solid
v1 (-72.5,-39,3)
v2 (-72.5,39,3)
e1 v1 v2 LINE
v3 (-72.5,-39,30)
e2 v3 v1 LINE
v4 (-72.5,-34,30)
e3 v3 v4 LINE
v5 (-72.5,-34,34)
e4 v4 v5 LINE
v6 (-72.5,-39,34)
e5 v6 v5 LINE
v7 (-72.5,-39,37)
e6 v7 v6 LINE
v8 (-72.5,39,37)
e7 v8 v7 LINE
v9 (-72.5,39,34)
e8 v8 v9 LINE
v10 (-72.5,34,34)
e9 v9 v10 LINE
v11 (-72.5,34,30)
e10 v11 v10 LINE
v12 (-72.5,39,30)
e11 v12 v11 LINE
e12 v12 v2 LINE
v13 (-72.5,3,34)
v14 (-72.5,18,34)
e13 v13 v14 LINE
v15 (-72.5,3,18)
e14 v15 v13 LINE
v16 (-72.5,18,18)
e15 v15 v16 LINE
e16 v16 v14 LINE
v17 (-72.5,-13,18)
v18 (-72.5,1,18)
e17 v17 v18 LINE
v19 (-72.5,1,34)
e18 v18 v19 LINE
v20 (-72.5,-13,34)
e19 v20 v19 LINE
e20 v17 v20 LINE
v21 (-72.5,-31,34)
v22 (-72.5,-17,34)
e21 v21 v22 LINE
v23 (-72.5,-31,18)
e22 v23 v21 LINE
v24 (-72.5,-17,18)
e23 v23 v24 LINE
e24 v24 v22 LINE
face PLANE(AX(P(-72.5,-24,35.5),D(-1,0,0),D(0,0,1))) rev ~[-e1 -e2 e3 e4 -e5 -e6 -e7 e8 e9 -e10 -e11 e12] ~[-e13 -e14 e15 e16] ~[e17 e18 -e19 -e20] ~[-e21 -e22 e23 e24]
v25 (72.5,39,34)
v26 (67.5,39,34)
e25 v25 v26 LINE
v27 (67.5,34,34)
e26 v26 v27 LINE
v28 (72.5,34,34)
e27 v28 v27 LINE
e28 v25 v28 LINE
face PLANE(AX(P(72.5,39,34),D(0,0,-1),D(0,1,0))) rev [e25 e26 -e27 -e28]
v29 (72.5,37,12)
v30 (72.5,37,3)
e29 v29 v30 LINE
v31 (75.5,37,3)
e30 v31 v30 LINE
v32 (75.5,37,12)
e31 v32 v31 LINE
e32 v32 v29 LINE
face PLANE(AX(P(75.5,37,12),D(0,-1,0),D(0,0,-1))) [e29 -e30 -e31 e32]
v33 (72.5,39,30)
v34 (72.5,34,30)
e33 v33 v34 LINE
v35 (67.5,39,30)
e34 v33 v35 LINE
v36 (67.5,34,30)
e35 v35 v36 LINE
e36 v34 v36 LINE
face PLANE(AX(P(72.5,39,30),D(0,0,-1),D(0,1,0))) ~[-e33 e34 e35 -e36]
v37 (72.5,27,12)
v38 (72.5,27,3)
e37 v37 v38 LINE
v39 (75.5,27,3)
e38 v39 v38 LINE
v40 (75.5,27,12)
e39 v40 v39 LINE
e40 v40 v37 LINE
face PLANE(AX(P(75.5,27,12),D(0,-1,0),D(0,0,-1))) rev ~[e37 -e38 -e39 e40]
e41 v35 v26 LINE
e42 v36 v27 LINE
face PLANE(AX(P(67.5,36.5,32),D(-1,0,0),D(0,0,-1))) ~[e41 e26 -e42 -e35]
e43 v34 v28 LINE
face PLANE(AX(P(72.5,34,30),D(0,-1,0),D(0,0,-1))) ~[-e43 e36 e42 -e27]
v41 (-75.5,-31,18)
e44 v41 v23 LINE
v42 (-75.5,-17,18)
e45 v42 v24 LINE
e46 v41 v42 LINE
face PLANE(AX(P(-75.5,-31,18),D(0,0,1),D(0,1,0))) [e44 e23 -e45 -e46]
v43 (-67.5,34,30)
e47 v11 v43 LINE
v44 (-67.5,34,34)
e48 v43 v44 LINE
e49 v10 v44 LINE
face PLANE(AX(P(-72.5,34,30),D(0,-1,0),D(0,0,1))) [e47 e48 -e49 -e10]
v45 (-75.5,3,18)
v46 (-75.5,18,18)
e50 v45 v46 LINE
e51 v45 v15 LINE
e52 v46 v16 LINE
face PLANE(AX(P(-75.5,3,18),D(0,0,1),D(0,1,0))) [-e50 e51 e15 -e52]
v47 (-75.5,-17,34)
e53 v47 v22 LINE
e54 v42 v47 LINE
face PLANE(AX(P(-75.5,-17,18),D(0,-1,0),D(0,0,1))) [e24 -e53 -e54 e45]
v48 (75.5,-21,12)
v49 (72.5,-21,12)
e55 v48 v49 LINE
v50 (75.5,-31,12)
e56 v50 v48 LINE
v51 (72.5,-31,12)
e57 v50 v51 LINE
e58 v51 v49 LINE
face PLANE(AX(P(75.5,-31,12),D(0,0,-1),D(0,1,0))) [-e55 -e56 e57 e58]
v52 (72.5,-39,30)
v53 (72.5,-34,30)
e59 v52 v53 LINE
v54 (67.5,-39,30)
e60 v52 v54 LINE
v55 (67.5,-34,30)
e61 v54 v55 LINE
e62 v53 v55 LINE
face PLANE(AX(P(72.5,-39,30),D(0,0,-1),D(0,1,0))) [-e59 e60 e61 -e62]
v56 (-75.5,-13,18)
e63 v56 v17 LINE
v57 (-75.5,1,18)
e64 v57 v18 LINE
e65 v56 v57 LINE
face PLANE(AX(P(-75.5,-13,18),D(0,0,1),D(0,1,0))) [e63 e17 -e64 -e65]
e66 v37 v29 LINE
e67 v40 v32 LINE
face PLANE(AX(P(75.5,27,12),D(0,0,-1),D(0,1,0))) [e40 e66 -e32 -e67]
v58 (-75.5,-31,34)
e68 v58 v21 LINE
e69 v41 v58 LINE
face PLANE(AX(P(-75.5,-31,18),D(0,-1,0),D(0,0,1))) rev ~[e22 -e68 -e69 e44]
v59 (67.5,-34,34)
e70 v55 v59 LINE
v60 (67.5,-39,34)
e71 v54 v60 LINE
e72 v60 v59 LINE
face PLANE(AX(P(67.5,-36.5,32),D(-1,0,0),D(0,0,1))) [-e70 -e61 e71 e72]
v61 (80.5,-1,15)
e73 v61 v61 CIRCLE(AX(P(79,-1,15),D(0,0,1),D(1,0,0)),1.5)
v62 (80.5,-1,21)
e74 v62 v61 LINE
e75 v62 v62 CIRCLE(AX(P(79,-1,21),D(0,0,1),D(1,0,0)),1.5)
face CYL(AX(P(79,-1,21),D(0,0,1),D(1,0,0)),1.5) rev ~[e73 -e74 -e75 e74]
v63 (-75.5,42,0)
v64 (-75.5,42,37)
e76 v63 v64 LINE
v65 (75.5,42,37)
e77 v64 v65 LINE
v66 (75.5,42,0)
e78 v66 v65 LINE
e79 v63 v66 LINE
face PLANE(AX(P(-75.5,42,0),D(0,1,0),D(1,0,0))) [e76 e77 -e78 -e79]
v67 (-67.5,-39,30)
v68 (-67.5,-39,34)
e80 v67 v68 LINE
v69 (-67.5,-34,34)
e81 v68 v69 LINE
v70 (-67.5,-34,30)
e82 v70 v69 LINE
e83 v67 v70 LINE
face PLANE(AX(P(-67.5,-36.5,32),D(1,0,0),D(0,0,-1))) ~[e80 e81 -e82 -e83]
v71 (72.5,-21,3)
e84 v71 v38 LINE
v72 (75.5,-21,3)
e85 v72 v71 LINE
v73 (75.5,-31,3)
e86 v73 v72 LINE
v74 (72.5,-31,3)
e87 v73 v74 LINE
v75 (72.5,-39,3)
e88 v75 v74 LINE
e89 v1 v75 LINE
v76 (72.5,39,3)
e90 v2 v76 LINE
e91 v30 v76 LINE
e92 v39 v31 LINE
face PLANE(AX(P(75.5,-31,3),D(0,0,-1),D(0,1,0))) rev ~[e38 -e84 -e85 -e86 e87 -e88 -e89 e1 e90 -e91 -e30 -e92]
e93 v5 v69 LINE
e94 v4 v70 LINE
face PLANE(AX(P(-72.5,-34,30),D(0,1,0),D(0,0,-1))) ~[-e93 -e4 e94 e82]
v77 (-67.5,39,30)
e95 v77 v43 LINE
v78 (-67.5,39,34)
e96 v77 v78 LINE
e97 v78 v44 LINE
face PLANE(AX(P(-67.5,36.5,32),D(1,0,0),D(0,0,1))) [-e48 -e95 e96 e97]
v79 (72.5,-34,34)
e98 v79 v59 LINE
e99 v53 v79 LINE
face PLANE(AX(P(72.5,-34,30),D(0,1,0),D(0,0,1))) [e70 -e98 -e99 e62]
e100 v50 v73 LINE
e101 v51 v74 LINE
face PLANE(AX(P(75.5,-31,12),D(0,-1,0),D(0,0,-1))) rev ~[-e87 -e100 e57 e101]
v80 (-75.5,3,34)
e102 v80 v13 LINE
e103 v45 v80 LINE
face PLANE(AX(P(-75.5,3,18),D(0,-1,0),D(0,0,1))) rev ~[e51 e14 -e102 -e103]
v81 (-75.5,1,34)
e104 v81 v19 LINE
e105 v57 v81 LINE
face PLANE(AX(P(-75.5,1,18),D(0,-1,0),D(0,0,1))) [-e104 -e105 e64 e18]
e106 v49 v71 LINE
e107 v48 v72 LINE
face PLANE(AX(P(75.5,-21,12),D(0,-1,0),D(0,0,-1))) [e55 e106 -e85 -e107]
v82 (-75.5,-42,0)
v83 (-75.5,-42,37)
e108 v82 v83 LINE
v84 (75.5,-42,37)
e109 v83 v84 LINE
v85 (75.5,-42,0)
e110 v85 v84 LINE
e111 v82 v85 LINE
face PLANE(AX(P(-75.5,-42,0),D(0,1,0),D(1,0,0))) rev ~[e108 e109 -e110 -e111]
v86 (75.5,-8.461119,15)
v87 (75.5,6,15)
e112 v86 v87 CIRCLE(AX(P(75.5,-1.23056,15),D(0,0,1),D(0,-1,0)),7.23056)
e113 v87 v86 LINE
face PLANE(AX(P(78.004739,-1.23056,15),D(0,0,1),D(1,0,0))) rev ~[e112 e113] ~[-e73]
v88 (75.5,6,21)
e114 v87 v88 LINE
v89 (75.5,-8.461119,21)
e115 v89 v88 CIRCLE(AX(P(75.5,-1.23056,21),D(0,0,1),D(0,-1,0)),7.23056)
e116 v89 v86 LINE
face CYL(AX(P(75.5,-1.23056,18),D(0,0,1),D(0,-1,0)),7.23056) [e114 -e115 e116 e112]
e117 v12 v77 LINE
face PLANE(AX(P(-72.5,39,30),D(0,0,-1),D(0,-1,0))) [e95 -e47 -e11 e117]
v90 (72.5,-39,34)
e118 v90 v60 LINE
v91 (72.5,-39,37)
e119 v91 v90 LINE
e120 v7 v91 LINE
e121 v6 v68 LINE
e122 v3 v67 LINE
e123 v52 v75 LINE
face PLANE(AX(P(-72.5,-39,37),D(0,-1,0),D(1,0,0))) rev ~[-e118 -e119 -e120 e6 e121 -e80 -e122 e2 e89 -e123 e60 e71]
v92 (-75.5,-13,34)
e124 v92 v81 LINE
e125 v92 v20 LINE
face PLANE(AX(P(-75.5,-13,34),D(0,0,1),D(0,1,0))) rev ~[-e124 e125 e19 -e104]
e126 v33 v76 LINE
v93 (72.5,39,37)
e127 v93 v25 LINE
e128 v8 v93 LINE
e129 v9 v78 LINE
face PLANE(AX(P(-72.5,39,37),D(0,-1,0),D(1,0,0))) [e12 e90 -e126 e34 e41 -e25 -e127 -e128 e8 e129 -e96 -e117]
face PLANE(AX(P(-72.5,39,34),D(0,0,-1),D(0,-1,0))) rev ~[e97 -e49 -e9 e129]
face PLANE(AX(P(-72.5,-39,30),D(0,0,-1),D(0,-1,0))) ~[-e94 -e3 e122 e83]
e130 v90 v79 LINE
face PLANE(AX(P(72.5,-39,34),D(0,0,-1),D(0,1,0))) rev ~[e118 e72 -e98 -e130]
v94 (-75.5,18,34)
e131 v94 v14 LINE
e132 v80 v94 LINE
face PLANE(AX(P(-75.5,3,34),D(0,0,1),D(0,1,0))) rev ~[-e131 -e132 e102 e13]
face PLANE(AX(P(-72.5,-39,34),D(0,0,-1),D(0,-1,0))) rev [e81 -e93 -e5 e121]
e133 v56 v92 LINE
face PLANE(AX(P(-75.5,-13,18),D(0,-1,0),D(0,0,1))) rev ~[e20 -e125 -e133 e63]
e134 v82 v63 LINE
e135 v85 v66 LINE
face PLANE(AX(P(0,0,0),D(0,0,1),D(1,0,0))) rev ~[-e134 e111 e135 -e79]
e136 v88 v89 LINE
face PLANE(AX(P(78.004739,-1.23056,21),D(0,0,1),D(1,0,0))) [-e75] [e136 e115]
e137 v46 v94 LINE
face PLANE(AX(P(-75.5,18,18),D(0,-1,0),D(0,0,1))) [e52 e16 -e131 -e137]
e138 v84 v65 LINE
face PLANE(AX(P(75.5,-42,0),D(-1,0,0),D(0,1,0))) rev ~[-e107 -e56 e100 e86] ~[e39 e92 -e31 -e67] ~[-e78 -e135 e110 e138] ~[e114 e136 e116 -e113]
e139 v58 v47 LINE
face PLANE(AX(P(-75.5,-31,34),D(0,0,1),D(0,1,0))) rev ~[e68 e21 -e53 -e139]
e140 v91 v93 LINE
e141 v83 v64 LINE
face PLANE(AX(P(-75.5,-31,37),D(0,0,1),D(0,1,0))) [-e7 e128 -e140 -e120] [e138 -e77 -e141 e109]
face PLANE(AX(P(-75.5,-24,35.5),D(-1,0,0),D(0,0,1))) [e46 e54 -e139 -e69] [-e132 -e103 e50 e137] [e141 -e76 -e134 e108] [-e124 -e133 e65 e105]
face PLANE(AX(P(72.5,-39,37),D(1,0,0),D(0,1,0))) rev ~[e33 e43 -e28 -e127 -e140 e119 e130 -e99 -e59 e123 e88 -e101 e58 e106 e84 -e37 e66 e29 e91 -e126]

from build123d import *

# Parameters (mm, degrees)
SKETCH1_W                = 151
SKETCH1_H                = 84
BOSS_EXTRUDE1_DEPTH      = 37
SKETCH3_W                = 145
SKETCH3_H                = 78
CUT_EXTRUDE3_DEPTH       = 34
SKETCH8_W                = 19
SKETCH8_H                = 14
CUT_EXTRUDE4_DEPTH       = 3
SKETCH9_W                = 19
SKETCH9_H                = 14
CUT_EXTRUDE5_DEPTH       = 3
SKETCH11_W               = 9
SKETCH11_H               = 10
CUT_EXTRUDE6_DEPTH       = 3
SKETCH12_W               = 9
SKETCH12_H               = 10
CUT_EXTRUDE7_DEPTH       = 3
BOSS_EXTRUDE2_DEPTH      = 3
BOSS_EXTRUDE2_DEPTH_BACK = 3
SKETCH19_R               = 1.5
CUT_EXTRUDE8_DEPTH       = 6
SKETCH20_W               = 3
SKETCH20_H               = 14
BOSS_EXTRUDE3_DEPTH      = 3
SKETCH21_W               = 3
SKETCH21_H               = 14
BOSS_EXTRUDE4_DEPTH      = 3
SKETCH23_W               = 16
SKETCH23_H               = 15
CUT_EXTRUDE9_DEPTH       = 3
SKETCH28_W               = 4
SKETCH28_H               = 5
BOSS_EXTRUDE5_DEPTH      = 5
MIRROR2_COPY_1_SKETCH_W  = 4
MIRROR2_COPY_1_SKETCH_H  = 5
MIRROR2_COPY_1_DEPTH     = 5


with BuildPart() as part:
    # Sketch1 → Boss-Extrude1 (new body)
    with BuildSketch(Plane.XY):
        Rectangle(SKETCH1_W, SKETCH1_H)
    extrude(amount=BOSS_EXTRUDE1_DEPTH)

    # Sketch3 → Cut-Extrude3 (cut)
    with BuildSketch(Plane.XY.offset(37)):
        Rectangle(SKETCH3_W, SKETCH3_H)
    extrude(amount=-CUT_EXTRUDE3_DEPTH, mode=Mode.SUBTRACT)

    # Sketch8 → Cut-Extrude4 (cut)
    with BuildSketch(Plane.ZY.offset(75.5)):
        with Locations((27.5, -24)):
            Rectangle(SKETCH8_W, SKETCH8_H)
    extrude(amount=-CUT_EXTRUDE4_DEPTH, mode=Mode.SUBTRACT)

    # Sketch9 → Cut-Extrude5 (cut)
    with BuildSketch(Plane.ZY.offset(75.5)):
        with Locations((27.5, -6)):
            Rectangle(SKETCH9_W, SKETCH9_H)
    extrude(amount=-CUT_EXTRUDE5_DEPTH, mode=Mode.SUBTRACT)

    # Sketch11 → Cut-Extrude6 (cut)
    with BuildSketch(Plane(origin=(75.5, 0, 0), x_dir=(0, 0, -1), z_dir=(1, 0, 0))):
        with Locations((-7.5, 32)):
            Rectangle(SKETCH11_W, SKETCH11_H)
    extrude(amount=-CUT_EXTRUDE6_DEPTH, mode=Mode.SUBTRACT)

    # Sketch12 → Cut-Extrude7 (cut)
    with BuildSketch(Plane(origin=(75.5, 0, 0), x_dir=(0, 0, -1), z_dir=(1, 0, 0))):
        with Locations((-7.5, -26)):
            Rectangle(SKETCH12_W, SKETCH12_H)
    extrude(amount=-CUT_EXTRUDE7_DEPTH, mode=Mode.SUBTRACT)

    # Sketch16 → Boss-Extrude2 (add, two sides)
    with BuildSketch(Plane.XY.offset(18)) as boss_extrude2_sk:
        with BuildLine():
            Line((75.5, 6), (75.5, -8.461119278))
            ThreePointArc((75.5, -8.461119278), (82.730559639, -1.230559639), (75.5, 6))
        make_face()
    extrude(amount=BOSS_EXTRUDE2_DEPTH)
    extrude(boss_extrude2_sk.sketch, amount=-BOSS_EXTRUDE2_DEPTH_BACK)

    # Sketch19 → Cut-Extrude8 (cut)
    with BuildSketch(Plane.XY.offset(21)):
        with Locations((79, -1)):
            Circle(SKETCH19_R)
    extrude(amount=-CUT_EXTRUDE8_DEPTH, mode=Mode.SUBTRACT)

    # Sketch20 → Boss-Extrude3 (add)
    with BuildSketch(Plane.ZY.offset(75.5)):
        with Locations((35.5, -6)):
            Rectangle(SKETCH20_W, SKETCH20_H)
    extrude(amount=-BOSS_EXTRUDE3_DEPTH)

    # Sketch21 → Boss-Extrude4 (add)
    with BuildSketch(Plane.ZY.offset(75.5)):
        with Locations((35.5, -24)):
            Rectangle(SKETCH21_W, SKETCH21_H)
    extrude(amount=-BOSS_EXTRUDE4_DEPTH)

    # Sketch23 → Cut-Extrude9 (cut)
    with BuildSketch(Plane.ZY.offset(75.5)):
        with Locations((26, 10.5)):
            Rectangle(SKETCH23_W, SKETCH23_H)
    extrude(amount=-CUT_EXTRUDE9_DEPTH, mode=Mode.SUBTRACT)

    # Sketch28 → Boss-Extrude5 (add)
    with BuildSketch(Plane.ZY.offset(-72.5)):
        with Locations((32, -36.5)):
            Rectangle(SKETCH28_W, SKETCH28_H)
    boss_extrude5 = extrude(amount=BOSS_EXTRUDE5_DEPTH)

    # Mirror1: Boss-Extrude5 across plane
    add(boss_extrude5.mirror(Plane.ZX))

    # Mirror2: Boss-Extrude5 across plane
    add(boss_extrude5.mirror(Plane(origin=(0, 0, 0), x_dir=(0, 0, 1), z_dir=(1, 0, 0))))

    # Mirror2 copy 1 sketch → Mirror2 copy 1 (add)
    with BuildSketch(Plane(origin=(-72.5, 0, 0), x_dir=(0, 0, 1), z_dir=(1, 0, 0))):
        with Locations((32, -36.5)):
            Rectangle(MIRROR2_COPY_1_SKETCH_W, MIRROR2_COPY_1_SKETCH_H)
    extrude(amount=MIRROR2_COPY_1_DEPTH)


solid = part.part
